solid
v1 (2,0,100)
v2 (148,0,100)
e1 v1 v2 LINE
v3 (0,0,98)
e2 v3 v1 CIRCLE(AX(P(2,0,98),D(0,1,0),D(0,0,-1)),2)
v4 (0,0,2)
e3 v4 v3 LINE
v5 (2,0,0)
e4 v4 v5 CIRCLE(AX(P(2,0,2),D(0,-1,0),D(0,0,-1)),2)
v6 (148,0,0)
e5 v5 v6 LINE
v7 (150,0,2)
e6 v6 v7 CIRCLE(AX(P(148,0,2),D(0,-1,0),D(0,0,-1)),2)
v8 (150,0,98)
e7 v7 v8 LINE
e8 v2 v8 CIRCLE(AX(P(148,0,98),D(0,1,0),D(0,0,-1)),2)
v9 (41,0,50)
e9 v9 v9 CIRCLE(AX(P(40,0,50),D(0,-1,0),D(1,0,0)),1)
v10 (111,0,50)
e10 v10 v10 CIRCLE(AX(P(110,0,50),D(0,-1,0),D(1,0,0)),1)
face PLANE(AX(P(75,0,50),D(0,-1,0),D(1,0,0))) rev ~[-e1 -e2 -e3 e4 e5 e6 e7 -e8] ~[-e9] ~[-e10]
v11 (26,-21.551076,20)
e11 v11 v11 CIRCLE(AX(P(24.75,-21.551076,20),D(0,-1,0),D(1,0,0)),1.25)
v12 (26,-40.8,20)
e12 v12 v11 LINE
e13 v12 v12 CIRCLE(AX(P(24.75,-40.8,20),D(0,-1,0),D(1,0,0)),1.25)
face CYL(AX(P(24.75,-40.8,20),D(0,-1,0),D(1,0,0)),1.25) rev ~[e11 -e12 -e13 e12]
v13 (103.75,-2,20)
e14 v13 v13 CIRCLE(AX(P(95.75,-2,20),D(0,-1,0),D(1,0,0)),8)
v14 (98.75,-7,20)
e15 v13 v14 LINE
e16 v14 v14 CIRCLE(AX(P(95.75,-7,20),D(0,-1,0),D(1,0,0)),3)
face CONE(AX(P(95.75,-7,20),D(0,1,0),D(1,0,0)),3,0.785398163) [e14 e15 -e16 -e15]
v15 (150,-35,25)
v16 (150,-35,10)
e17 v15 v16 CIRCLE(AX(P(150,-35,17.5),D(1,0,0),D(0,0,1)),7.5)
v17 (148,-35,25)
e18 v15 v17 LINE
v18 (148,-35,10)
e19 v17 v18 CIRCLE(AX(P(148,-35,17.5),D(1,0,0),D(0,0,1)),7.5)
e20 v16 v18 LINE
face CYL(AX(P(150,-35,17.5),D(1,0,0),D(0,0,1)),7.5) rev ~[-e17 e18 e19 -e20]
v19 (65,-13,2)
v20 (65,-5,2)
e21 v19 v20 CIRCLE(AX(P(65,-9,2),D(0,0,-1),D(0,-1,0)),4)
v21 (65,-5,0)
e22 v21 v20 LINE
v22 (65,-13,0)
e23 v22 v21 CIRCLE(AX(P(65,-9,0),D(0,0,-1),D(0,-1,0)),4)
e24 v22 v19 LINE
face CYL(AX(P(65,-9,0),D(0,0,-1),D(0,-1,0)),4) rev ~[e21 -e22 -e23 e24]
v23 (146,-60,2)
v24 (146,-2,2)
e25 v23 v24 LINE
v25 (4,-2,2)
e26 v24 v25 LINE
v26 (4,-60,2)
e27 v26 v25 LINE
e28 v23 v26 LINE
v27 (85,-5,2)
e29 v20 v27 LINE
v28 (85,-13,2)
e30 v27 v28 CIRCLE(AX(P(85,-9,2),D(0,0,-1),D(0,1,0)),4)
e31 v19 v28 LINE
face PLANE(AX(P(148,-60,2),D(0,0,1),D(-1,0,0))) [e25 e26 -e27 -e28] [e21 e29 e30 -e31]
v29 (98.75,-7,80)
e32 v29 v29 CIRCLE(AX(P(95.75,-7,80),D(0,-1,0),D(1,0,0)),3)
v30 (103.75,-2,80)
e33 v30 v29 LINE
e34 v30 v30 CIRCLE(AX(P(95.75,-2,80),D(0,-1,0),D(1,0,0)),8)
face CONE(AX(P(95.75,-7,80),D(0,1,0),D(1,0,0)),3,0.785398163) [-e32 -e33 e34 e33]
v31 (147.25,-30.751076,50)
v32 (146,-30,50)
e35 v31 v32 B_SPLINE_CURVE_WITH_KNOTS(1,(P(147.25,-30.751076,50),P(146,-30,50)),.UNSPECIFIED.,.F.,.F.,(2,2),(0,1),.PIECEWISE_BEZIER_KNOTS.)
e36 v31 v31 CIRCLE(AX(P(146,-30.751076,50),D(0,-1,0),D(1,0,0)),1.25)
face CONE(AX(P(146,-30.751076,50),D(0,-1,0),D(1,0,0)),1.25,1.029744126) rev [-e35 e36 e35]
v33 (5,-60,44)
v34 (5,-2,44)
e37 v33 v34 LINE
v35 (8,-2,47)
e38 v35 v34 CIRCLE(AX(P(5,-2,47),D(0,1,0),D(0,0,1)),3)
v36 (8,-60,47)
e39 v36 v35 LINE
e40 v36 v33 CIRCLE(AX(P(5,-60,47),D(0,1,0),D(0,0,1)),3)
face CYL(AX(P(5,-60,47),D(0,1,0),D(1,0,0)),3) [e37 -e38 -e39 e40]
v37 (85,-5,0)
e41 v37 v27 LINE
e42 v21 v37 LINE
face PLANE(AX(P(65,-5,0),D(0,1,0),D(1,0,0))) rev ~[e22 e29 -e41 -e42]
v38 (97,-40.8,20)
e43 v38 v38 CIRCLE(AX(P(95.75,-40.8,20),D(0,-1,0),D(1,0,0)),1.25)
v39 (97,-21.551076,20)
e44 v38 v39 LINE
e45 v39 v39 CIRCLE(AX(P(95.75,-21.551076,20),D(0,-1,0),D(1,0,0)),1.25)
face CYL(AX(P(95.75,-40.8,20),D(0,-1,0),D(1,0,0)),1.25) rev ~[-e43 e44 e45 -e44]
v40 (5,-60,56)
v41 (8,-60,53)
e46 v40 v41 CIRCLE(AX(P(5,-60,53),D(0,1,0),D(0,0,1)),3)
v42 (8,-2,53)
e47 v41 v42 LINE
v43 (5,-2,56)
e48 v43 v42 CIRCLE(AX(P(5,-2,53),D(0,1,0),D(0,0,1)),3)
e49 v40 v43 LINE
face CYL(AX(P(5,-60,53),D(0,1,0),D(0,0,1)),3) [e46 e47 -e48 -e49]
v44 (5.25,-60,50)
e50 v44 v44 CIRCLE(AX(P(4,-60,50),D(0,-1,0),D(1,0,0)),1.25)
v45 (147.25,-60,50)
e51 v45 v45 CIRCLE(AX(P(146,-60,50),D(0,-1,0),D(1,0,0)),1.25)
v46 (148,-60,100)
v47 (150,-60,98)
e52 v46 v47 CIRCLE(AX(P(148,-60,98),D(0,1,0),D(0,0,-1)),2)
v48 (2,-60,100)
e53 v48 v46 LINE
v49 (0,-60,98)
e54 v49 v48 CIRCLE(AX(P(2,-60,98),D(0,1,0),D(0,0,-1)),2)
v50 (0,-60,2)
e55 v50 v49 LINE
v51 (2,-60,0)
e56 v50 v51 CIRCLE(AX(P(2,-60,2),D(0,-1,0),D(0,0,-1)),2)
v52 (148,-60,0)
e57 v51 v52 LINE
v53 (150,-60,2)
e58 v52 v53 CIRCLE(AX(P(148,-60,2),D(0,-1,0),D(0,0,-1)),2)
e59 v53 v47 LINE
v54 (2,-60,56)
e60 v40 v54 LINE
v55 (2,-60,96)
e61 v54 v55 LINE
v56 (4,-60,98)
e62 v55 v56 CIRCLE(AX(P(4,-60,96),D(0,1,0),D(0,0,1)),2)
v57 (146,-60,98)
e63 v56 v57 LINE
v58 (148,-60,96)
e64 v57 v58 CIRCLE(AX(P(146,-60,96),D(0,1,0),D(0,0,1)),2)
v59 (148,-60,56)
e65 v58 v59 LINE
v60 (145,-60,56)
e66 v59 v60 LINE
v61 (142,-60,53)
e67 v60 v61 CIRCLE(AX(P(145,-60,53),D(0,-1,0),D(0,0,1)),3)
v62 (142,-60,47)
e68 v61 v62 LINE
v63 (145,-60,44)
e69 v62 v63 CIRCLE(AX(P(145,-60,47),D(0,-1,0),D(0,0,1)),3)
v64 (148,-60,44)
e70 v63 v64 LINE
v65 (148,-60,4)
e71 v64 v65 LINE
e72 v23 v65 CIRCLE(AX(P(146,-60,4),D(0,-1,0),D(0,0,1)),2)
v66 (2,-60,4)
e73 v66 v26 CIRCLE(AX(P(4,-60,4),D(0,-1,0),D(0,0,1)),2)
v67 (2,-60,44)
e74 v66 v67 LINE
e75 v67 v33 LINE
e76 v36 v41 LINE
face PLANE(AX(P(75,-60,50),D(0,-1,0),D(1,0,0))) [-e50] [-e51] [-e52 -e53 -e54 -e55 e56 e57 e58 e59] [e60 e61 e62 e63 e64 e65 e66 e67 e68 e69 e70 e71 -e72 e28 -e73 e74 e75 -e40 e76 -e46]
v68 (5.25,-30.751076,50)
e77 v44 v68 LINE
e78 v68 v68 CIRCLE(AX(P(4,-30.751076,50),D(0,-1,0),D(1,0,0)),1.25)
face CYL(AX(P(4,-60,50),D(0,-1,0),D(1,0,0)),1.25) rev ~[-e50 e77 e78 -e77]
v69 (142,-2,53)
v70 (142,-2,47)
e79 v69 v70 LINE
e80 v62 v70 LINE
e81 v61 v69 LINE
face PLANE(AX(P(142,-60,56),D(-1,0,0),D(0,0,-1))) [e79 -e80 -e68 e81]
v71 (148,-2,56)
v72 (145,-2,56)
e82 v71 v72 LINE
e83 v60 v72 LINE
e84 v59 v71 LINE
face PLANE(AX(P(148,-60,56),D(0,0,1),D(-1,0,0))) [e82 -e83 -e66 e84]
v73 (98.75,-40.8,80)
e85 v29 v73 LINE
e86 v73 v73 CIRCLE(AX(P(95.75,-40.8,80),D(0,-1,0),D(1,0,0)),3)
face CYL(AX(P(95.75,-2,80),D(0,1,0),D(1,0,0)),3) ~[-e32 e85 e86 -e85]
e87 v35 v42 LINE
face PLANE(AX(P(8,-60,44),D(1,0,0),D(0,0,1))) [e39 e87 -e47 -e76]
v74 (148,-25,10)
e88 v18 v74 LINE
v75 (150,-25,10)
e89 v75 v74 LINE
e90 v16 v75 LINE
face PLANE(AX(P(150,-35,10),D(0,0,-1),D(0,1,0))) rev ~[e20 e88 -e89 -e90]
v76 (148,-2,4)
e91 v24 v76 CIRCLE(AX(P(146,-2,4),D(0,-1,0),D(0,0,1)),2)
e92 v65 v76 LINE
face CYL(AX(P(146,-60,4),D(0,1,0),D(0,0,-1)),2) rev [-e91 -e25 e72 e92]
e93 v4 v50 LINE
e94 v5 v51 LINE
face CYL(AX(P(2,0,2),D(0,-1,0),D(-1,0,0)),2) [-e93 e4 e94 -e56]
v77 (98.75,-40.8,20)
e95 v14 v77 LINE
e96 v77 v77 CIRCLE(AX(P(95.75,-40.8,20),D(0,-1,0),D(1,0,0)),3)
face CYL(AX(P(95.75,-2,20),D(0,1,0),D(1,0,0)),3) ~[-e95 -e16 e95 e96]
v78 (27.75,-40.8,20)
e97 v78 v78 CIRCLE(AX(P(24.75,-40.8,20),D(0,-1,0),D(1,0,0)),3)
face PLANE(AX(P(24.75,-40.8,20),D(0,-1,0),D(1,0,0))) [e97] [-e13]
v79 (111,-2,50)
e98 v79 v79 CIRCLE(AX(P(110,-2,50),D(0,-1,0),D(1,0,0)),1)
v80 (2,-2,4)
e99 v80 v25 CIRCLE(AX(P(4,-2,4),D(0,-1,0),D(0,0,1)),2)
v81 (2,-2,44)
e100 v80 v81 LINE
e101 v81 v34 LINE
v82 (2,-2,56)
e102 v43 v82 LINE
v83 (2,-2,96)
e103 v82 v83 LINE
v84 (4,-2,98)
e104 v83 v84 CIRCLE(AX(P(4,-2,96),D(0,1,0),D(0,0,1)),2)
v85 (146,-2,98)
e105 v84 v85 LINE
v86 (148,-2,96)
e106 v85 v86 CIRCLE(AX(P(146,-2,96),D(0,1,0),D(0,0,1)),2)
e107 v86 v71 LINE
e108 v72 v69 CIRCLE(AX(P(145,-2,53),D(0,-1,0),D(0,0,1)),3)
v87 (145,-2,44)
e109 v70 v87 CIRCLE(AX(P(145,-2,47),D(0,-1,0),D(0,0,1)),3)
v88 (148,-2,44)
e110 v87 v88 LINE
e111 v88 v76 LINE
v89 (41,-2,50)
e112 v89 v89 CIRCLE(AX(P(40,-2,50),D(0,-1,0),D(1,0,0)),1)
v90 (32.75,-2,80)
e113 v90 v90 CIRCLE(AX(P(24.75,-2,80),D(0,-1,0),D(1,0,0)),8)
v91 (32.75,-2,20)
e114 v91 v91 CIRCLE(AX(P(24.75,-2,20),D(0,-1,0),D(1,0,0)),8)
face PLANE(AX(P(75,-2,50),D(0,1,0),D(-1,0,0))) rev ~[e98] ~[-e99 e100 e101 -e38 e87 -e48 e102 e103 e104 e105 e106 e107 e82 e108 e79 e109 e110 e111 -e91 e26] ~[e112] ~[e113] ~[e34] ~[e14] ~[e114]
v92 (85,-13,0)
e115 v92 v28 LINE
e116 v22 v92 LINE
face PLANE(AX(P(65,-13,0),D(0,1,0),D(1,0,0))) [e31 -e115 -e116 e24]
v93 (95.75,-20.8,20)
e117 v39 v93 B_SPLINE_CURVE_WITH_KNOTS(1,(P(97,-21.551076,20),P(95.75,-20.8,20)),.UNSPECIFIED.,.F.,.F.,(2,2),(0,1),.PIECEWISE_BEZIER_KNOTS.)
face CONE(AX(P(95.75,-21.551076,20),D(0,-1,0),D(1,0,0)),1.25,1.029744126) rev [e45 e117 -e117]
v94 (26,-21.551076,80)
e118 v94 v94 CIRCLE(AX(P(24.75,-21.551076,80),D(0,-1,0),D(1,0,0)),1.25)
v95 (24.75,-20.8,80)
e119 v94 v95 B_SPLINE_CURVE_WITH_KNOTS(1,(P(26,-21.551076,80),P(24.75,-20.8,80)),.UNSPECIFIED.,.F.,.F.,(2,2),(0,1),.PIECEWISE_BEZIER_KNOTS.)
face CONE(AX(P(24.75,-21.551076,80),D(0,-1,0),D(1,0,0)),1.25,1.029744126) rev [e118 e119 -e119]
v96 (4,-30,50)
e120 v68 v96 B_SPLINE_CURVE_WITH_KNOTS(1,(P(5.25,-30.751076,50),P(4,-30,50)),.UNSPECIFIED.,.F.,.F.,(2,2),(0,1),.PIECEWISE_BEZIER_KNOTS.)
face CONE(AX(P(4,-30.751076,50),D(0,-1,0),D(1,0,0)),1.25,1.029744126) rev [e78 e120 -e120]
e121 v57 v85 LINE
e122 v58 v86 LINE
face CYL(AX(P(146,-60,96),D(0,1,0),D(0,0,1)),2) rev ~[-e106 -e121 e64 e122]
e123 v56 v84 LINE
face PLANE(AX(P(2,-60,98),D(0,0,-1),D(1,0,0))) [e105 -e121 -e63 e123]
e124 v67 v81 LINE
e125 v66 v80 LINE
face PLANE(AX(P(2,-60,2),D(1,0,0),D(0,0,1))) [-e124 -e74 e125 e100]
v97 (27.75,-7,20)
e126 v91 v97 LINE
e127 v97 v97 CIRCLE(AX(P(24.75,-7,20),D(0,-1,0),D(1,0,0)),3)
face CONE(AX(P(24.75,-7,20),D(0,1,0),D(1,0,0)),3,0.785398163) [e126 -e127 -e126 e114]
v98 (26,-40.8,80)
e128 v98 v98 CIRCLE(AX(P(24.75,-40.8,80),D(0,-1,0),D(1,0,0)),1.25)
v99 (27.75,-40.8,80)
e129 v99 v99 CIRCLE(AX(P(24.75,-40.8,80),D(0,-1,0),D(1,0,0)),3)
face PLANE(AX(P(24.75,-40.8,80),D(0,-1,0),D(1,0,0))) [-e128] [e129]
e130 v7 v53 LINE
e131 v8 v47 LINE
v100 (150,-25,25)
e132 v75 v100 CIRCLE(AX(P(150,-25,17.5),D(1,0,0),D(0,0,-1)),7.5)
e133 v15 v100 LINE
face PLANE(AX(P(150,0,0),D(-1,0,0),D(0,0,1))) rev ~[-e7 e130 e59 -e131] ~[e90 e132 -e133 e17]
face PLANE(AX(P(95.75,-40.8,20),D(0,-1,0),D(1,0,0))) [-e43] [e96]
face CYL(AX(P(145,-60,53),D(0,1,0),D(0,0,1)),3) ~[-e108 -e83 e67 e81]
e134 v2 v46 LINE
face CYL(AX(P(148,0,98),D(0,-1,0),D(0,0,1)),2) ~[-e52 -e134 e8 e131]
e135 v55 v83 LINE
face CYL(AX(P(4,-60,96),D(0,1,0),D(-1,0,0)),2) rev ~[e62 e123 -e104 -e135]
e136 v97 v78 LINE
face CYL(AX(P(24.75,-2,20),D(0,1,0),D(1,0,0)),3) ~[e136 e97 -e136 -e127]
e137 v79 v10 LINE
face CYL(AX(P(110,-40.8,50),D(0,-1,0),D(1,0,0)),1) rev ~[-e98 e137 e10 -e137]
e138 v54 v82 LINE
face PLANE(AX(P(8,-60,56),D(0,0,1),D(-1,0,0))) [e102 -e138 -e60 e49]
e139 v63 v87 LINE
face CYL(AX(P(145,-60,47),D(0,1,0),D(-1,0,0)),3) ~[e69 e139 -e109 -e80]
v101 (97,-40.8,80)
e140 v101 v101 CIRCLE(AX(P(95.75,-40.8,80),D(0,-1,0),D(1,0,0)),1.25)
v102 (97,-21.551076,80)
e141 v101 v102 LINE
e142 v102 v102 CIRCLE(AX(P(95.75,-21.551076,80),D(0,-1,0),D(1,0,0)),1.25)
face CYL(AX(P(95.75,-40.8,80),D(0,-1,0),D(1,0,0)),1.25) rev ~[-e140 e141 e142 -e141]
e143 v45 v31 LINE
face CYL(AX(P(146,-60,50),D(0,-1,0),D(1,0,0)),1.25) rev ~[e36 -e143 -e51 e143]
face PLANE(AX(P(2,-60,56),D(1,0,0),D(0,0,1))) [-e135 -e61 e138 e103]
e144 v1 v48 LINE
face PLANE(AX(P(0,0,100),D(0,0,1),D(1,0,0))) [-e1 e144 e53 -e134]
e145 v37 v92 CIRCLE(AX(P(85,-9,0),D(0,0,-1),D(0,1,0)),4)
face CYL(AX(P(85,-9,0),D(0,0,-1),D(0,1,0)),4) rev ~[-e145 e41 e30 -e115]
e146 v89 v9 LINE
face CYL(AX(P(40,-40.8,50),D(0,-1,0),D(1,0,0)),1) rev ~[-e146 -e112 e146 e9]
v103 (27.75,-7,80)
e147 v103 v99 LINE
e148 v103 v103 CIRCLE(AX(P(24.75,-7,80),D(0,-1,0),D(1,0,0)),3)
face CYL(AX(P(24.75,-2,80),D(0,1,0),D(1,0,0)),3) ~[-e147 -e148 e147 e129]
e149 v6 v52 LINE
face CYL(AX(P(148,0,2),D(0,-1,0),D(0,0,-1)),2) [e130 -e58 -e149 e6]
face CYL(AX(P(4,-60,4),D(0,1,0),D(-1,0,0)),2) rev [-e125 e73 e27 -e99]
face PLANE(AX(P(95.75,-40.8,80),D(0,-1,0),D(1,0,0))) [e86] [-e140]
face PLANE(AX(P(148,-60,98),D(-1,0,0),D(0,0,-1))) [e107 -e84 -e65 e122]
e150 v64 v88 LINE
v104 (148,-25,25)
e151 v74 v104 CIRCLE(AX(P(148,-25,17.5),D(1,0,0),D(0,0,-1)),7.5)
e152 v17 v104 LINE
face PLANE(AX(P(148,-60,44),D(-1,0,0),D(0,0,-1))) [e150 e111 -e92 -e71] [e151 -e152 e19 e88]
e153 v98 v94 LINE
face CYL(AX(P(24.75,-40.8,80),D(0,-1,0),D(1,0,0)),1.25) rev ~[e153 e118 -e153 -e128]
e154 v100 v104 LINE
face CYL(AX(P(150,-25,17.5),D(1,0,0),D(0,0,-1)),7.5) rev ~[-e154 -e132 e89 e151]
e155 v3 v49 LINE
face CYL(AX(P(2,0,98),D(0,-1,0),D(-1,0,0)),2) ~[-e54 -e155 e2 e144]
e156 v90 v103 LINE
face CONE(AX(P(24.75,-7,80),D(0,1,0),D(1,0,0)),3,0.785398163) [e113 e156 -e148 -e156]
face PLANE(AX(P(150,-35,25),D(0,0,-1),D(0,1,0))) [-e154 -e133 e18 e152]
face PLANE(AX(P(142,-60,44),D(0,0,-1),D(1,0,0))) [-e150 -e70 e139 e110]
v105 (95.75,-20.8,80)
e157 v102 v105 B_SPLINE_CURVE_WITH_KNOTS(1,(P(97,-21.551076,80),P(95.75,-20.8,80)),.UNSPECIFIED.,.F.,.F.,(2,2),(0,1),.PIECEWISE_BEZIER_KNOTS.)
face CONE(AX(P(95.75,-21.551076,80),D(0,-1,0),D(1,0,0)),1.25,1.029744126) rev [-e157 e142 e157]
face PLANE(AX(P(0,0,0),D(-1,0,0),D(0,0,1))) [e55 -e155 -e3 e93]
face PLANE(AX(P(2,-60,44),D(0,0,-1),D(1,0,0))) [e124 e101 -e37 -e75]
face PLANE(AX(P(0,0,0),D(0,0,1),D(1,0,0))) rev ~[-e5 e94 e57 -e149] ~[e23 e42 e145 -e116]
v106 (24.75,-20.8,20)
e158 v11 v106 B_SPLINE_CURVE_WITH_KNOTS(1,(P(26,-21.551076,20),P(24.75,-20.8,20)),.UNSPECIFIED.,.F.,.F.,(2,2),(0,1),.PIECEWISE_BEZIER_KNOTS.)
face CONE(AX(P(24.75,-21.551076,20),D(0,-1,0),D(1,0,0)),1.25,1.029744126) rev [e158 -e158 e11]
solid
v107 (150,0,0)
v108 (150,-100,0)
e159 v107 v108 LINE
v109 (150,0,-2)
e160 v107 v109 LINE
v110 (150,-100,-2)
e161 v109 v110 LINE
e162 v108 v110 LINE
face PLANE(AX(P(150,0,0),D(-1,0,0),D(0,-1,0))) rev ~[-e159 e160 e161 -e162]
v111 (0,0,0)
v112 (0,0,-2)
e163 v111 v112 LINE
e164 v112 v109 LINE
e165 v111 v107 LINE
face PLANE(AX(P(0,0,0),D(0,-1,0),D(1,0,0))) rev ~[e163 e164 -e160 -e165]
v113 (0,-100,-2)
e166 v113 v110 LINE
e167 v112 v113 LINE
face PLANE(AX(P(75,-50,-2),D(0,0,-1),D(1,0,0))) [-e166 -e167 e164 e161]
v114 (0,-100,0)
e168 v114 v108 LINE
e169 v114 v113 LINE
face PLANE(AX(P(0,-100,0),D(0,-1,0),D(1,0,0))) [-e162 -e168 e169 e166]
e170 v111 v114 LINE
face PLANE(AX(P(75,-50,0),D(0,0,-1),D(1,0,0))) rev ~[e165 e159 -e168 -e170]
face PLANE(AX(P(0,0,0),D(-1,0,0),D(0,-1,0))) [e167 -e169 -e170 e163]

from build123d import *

# Parameters (mm, degrees)
SKETCH_W        = 150
SKETCH_H        = 100
PAD_DEPTH       = 60
POCKET_DEPTH    = 58
SKETCH002_R     = 3
PAD001_DEPTH    = 38.8
SKETCH003_R     = 1.25
HOLE_DEPTH      = 19.248924
HOLE_TIPS_R     = 1.25
SKETCH004_R     = 1.25
HOLE001_DEPTH   = 29.248924
HOLE001_TIPS_R  = 1.25
POCKET001_DEPTH = 2
POCKET002_DEPTH = 2
FILLET002_R     = 2
FILLET_R        = 2
FILLET003_R     = 3
SKETCH007_R     = 1
POCKET003_DEPTH = 40.801
CHAMFER_SIZE    = 5
SKETCH008_W     = 150
SKETCH008_H     = 100
PAD002_DEPTH    = 2


with BuildPart() as box:
    # Sketch → Pad (new body)
    with BuildSketch(Plane.XZ):
        with Locations((75, 50)):
            Rectangle(SKETCH_W, SKETCH_H)
    extrude(amount=PAD_DEPTH)

    # Sketch001 (on Face6 of Pad) → Pocket (cut)
    with BuildSketch(Plane.XZ.offset(60)):
        Polygon((2, 98), (148, 98), (148, 56), (142, 56), (142, 44), (148, 44), (148, 2), (2, 2), (2, 44), (8, 44), (8, 56), (2, 56), align=None)
    extrude(amount=-POCKET_DEPTH, mode=Mode.SUBTRACT)

    # Sketch002 (on Face19 of Pocket) → Pad001 (join)
    with BuildSketch(Plane.XZ.offset(2)):
        with Locations((24.75, 80)):
            Circle(SKETCH002_R)
        with Locations((95.75, 80)):
            Circle(SKETCH002_R)
        with Locations((24.75, 20)):
            Circle(SKETCH002_R)
        with Locations((95.75, 20)):
            Circle(SKETCH002_R)
    extrude(amount=PAD001_DEPTH)

    # Sketch003 (on Face25 of Pad001) → Hole (cut)
    with BuildSketch(Plane.XZ.offset(40.8)):
        with Locations((24.75, 80)):
            Circle(SKETCH003_R)
        with Locations((95.75, 80)):
            Circle(SKETCH003_R)
        with Locations((95.75, 20)):
            Circle(SKETCH003_R)
        with Locations((24.75, 20)):
            Circle(SKETCH003_R)
    extrude(amount=-HOLE_DEPTH, mode=Mode.SUBTRACT)

    # Hole tips → Hole tip 1 section 0
    with BuildSketch(Plane.XZ.offset(21.551076), mode=Mode.PRIVATE) as hole_tip_1_s0:
        with Locations((24.75, 80)):
            Circle(HOLE_TIPS_R)
    loft([hole_tip_1_s0.sketch, Vertex(24.75, -20.8, 80)], mode=Mode.SUBTRACT)

    # Hole tips → Hole tip 2 section 0
    with BuildSketch(Plane.XZ.offset(21.551076), mode=Mode.PRIVATE) as hole_tip_2_s0:
        with Locations((95.75, 80)):
            Circle(HOLE_TIPS_R)
    loft([hole_tip_2_s0.sketch, Vertex(95.75, -20.8, 80)], mode=Mode.SUBTRACT)

    # Hole tips → Hole tip 3 section 0
    with BuildSketch(Plane.XZ.offset(21.551076), mode=Mode.PRIVATE) as hole_tip_3_s0:
        with Locations((95.75, 20)):
            Circle(HOLE_TIPS_R)
    loft([hole_tip_3_s0.sketch, Vertex(95.75, -20.8, 20)], mode=Mode.SUBTRACT)

    # Hole tips → Hole tip 4 section 0
    with BuildSketch(Plane.XZ.offset(21.551076), mode=Mode.PRIVATE) as hole_tip_4_s0:
        with Locations((24.75, 20)):
            Circle(HOLE_TIPS_R)
    loft([hole_tip_4_s0.sketch, Vertex(24.75, -20.8, 20)], mode=Mode.SUBTRACT)

    # Sketch004 (on Face5 of Hole) → Hole001 (cut)
    with BuildSketch(Plane.XZ.offset(60)):
        with Locations((146, 50)):
            Circle(SKETCH004_R)
        with Locations((4, 50)):
            Circle(SKETCH004_R)
    extrude(amount=-HOLE001_DEPTH, mode=Mode.SUBTRACT)

    # Hole001 tips → Hole001 tip 1 section 0
    with BuildSketch(Plane.XZ.offset(30.751076), mode=Mode.PRIVATE) as hole001_tip_1_s0:
        with Locations((146, 50)):
            Circle(HOLE001_TIPS_R)
    loft([hole001_tip_1_s0.sketch, Vertex(146, -30, 50)], mode=Mode.SUBTRACT)

    # Hole001 tips → Hole001 tip 2 section 0
    with BuildSketch(Plane.XZ.offset(30.751076), mode=Mode.PRIVATE) as hole001_tip_2_s0:
        with Locations((4, 50)):
            Circle(HOLE001_TIPS_R)
    loft([hole001_tip_2_s0.sketch, Vertex(4, -30, 50)], mode=Mode.SUBTRACT)

    # Sketch005 (on Face1 of Hole001) → Pocket001 (cut)
    with BuildSketch(Plane(origin=(0, 0, 0), x_dir=(1, 0, 0), z_dir=(0, 0, -1))):
        with BuildLine():
            ThreePointArc((65, 13), (61, 9), (65, 5))
            Line((65, 5), (85, 5))
            ThreePointArc((85, 5), (89, 9), (85, 13))
            Line((65, 13), (85, 13))
        make_face()
    extrude(amount=-POCKET001_DEPTH, mode=Mode.SUBTRACT)

    # Sketch006 (on Face5 of Pocket001) → Pocket002 (cut)
    with BuildSketch(Plane(origin=(150, 0, 0), x_dir=(0, 0, 1), z_dir=(1, 0, 0))):
        with BuildLine():
            ThreePointArc((25, 35), (17.5, 42.5), (10, 35))
            Line((10, 35), (10, 25))
            ThreePointArc((10, 25), (17.5, 17.5), (25, 25))
            Line((25, 35), (25, 25))
        make_face()
    extrude(amount=-POCKET002_DEPTH, mode=Mode.SUBTRACT)

    # Fillet002
    fillet002_edges = [box.edges().sort_by_distance(p)[0] for p in [
        (150, -30, 100),
        (150, -30, 0),
        (0, -30, 100),
        (0, -30, 0),
    ]]
    fillet(fillet002_edges, radius=FILLET002_R)

    # Fillet
    fillet_edges = [box.edges().sort_by_distance(p)[0] for p in [
        (148, -31, 2),
        (148, -31, 98),
        (2, -31, 2),
        (2, -31, 98),
    ]]
    fillet(fillet_edges, radius=FILLET_R)

    # Fillet003
    fillet003_edges = [box.edges().sort_by_distance(p)[0] for p in [
        (8, -31, 44),
        (8, -31, 56),
        (142, -31, 56),
        (142, -31, 44),
    ]]
    fillet(fillet003_edges, radius=FILLET003_R)

    # Sketch007 (on Face38 of Pocket002) → Pocket003 (cut, through all)
    with BuildSketch(Plane.XZ.offset(40.8)):
        with Locations((40, 50)):
            Circle(SKETCH007_R)
        with Locations((110, 50)):
            Circle(SKETCH007_R)
    extrude(amount=-POCKET003_DEPTH, mode=Mode.SUBTRACT)

    # Chamfer
    chamfer_edges = [box.edges().sort_by_distance(p)[0] for p in [
        (21.75, -2, 20),
        (21.75, -2, 80),
        (92.75, -2, 80),
        (92.75, -2, 20),
    ]]
    chamfer(chamfer_edges, length=CHAMFER_SIZE)


with BuildPart() as coperchio:
    # Sketch008 (on ShapeBinder) → Pad002 (new body)
    with BuildSketch(Plane(origin=(0, 0, 0), x_dir=(1, 0, 0), z_dir=(0, 0, -1))):
        with Locations((75, 50)):
            Rectangle(SKETCH008_W, SKETCH008_H)
    extrude(amount=PAD002_DEPTH)


solid = Compound([box.part, coperchio.part])
